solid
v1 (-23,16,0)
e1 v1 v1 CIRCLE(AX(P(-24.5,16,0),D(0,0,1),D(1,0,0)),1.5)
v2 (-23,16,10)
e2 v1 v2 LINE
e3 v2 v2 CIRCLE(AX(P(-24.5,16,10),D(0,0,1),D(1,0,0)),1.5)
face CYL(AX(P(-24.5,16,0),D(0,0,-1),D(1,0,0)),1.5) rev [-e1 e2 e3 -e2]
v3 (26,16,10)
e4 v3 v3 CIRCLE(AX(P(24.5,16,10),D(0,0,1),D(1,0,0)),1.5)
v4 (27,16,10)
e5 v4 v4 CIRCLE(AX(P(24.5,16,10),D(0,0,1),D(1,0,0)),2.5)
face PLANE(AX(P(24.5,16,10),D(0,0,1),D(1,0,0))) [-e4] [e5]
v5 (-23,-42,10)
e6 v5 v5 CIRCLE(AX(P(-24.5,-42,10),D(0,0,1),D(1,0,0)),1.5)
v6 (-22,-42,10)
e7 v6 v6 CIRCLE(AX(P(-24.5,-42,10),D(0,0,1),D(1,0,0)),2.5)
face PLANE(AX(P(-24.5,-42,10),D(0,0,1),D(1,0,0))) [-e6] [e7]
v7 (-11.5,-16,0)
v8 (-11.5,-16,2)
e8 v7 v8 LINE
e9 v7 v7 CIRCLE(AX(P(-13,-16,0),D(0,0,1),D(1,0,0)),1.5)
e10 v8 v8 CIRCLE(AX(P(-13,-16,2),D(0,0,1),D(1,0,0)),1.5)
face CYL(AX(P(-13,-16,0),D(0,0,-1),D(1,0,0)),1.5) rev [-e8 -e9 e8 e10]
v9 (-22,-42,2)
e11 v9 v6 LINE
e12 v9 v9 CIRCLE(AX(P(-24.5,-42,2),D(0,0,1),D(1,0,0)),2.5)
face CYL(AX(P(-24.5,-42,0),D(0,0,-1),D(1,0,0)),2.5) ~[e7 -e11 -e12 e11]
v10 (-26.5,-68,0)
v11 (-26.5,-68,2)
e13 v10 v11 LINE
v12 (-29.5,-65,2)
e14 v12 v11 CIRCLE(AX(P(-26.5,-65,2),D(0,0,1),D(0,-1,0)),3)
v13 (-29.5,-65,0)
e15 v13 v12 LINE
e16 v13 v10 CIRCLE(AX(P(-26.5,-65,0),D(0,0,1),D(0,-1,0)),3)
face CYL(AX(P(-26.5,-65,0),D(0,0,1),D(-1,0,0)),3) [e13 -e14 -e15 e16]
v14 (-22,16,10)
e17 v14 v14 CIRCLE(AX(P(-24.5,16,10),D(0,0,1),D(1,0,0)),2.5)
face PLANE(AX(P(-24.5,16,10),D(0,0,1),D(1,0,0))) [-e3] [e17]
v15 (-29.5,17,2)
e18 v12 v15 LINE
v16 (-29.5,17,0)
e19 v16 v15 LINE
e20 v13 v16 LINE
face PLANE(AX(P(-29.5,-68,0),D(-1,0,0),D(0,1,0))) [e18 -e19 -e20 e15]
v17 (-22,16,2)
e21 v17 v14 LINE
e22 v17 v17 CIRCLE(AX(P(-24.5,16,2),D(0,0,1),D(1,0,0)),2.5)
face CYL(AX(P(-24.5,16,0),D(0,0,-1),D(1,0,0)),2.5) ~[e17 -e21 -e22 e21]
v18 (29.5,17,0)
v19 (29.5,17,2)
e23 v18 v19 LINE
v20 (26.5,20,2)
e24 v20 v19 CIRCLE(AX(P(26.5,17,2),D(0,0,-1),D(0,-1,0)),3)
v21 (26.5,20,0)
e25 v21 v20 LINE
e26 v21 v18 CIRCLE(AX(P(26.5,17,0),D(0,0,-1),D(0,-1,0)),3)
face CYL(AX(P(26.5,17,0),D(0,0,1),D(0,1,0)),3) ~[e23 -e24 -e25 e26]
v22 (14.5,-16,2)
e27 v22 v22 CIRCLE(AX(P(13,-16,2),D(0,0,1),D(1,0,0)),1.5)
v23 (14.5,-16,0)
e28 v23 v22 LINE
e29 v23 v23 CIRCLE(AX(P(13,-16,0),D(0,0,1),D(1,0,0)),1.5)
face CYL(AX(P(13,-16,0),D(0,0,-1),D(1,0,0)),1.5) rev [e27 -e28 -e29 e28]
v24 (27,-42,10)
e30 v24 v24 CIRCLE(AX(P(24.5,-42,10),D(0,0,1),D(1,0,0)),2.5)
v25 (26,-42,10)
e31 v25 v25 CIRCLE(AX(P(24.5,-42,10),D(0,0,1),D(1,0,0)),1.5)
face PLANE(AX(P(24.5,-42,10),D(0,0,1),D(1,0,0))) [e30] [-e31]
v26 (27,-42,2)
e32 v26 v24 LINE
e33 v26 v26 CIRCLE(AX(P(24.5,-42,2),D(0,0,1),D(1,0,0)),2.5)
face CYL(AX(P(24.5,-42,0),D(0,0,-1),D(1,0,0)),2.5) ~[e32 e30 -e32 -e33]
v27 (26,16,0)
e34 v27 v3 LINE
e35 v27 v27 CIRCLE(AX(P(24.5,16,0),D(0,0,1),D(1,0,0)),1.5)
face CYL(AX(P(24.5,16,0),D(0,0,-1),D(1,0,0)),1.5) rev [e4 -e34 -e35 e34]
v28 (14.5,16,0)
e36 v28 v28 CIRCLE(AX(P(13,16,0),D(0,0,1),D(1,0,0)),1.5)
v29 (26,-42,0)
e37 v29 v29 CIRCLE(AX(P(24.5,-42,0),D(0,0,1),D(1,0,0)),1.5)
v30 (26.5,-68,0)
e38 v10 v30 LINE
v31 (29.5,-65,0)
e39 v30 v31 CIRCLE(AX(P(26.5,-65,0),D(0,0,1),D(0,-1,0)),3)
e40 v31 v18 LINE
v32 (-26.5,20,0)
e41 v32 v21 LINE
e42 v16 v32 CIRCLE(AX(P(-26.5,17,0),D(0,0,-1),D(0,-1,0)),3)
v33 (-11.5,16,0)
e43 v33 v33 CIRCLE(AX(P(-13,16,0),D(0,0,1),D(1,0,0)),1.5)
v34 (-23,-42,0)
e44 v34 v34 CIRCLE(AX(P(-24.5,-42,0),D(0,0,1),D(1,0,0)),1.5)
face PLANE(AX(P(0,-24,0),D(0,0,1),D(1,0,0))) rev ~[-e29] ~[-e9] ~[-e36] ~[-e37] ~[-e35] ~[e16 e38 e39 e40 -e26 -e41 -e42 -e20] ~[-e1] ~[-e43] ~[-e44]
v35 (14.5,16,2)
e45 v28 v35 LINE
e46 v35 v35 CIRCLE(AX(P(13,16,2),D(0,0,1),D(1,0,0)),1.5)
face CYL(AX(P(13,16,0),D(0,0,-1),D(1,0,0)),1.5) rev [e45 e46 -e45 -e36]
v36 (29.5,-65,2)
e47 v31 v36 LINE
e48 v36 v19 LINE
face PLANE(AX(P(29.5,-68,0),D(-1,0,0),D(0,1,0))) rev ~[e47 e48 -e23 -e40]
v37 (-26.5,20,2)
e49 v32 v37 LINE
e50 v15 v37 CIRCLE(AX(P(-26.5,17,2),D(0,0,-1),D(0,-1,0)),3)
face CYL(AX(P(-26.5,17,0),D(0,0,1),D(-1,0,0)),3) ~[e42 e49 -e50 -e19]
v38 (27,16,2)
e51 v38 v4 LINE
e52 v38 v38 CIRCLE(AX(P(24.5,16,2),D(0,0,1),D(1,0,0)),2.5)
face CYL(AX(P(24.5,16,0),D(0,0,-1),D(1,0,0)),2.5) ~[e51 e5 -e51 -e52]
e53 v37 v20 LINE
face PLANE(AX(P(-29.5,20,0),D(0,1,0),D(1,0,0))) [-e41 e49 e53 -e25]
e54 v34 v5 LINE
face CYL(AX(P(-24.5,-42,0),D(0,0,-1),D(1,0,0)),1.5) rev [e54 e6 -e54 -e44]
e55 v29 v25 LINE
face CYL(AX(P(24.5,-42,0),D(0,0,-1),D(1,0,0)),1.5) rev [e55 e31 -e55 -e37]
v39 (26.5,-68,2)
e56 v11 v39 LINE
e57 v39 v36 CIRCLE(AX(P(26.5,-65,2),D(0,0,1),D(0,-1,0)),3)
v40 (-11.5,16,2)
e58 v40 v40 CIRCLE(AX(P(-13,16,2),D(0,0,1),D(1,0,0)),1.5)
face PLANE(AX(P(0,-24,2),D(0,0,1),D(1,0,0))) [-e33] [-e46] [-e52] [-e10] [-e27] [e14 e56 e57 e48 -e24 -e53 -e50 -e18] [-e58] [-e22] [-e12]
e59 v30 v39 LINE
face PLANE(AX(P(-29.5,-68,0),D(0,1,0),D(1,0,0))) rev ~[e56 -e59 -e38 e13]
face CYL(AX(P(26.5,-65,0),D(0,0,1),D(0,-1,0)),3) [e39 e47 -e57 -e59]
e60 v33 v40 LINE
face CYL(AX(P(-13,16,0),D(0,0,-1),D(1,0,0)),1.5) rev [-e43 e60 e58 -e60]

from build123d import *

# Parameters (mm, degrees)
SKETCH1_W           = 59
SKETCH1_H           = 88
SKETCH1_R           = 1.5
SKETCH1_R_2         = 2.5
BOSS_EXTRUDE1_DEPTH = 2
SKETCH1_3_R         = 2.5
SKETCH1_3_R_2       = 1.5
BOSS_EXTRUDE2_DEPTH = 10
FILLET1_R           = 3


with BuildPart() as part:
    # Sketch1 → Boss-Extrude1 (new body)
    with BuildSketch(Plane.XY):
        with Locations((0, -24)):
            Rectangle(SKETCH1_W, SKETCH1_H)
        with Locations((13, 16)):
            Circle(SKETCH1_R, mode=Mode.SUBTRACT)
        with Locations((13, -16)):
            Circle(SKETCH1_R, mode=Mode.SUBTRACT)
        with Locations((-13, -16)):
            Circle(SKETCH1_R, mode=Mode.SUBTRACT)
        with Locations((-13, 16)):
            Circle(SKETCH1_R, mode=Mode.SUBTRACT)
        with Locations((-24.5, 16)):
            Circle(SKETCH1_R_2, mode=Mode.SUBTRACT)
        with Locations((-24.5, -42)):
            Circle(SKETCH1_R_2, mode=Mode.SUBTRACT)
        with Locations((24.5, -42)):
            Circle(SKETCH1_R_2, mode=Mode.SUBTRACT)
        with Locations((24.5, 16)):
            Circle(SKETCH1_R_2, mode=Mode.SUBTRACT)
    extrude(amount=BOSS_EXTRUDE1_DEPTH)

    # Sketch1<3> → Boss-Extrude2 (add)
    # profile 1 of 4: a face of its own
    with BuildSketch(Plane.XY):
        with Locations((-24.5, 16)):
            Circle(SKETCH1_3_R)
        with Locations((-24.5, 16)):
            Circle(SKETCH1_3_R_2, mode=Mode.SUBTRACT)
    # profile 2 of 4: a face of its own
    with BuildSketch(Plane.XY):
        with Locations((24.5, 16)):
            Circle(SKETCH1_3_R)
        with Locations((24.5, 16)):
            Circle(SKETCH1_3_R_2, mode=Mode.SUBTRACT)
    # profile 3 of 4: a face of its own
    with BuildSketch(Plane.XY):
        with Locations((-24.5, -42)):
            Circle(SKETCH1_3_R)
        with Locations((-24.5, -42)):
            Circle(SKETCH1_3_R_2, mode=Mode.SUBTRACT)
    # profile 4 of 4: a face of its own
    with BuildSketch(Plane.XY):
        with Locations((24.5, -42)):
            Circle(SKETCH1_3_R)
        with Locations((24.5, -42)):
            Circle(SKETCH1_3_R_2, mode=Mode.SUBTRACT)
    extrude(amount=BOSS_EXTRUDE2_DEPTH)

    # Fillet1
    fillet1_edges = [part.edges().sort_by_distance(p)[0] for p in [
        (29.5, 20, 1),
        (-29.5, 20, 1),
        (29.5, -68, 1),
        (-29.5, -68, 1),
    ]]
    fillet(fillet1_edges, radius=FILLET1_R)


solid = part.part
